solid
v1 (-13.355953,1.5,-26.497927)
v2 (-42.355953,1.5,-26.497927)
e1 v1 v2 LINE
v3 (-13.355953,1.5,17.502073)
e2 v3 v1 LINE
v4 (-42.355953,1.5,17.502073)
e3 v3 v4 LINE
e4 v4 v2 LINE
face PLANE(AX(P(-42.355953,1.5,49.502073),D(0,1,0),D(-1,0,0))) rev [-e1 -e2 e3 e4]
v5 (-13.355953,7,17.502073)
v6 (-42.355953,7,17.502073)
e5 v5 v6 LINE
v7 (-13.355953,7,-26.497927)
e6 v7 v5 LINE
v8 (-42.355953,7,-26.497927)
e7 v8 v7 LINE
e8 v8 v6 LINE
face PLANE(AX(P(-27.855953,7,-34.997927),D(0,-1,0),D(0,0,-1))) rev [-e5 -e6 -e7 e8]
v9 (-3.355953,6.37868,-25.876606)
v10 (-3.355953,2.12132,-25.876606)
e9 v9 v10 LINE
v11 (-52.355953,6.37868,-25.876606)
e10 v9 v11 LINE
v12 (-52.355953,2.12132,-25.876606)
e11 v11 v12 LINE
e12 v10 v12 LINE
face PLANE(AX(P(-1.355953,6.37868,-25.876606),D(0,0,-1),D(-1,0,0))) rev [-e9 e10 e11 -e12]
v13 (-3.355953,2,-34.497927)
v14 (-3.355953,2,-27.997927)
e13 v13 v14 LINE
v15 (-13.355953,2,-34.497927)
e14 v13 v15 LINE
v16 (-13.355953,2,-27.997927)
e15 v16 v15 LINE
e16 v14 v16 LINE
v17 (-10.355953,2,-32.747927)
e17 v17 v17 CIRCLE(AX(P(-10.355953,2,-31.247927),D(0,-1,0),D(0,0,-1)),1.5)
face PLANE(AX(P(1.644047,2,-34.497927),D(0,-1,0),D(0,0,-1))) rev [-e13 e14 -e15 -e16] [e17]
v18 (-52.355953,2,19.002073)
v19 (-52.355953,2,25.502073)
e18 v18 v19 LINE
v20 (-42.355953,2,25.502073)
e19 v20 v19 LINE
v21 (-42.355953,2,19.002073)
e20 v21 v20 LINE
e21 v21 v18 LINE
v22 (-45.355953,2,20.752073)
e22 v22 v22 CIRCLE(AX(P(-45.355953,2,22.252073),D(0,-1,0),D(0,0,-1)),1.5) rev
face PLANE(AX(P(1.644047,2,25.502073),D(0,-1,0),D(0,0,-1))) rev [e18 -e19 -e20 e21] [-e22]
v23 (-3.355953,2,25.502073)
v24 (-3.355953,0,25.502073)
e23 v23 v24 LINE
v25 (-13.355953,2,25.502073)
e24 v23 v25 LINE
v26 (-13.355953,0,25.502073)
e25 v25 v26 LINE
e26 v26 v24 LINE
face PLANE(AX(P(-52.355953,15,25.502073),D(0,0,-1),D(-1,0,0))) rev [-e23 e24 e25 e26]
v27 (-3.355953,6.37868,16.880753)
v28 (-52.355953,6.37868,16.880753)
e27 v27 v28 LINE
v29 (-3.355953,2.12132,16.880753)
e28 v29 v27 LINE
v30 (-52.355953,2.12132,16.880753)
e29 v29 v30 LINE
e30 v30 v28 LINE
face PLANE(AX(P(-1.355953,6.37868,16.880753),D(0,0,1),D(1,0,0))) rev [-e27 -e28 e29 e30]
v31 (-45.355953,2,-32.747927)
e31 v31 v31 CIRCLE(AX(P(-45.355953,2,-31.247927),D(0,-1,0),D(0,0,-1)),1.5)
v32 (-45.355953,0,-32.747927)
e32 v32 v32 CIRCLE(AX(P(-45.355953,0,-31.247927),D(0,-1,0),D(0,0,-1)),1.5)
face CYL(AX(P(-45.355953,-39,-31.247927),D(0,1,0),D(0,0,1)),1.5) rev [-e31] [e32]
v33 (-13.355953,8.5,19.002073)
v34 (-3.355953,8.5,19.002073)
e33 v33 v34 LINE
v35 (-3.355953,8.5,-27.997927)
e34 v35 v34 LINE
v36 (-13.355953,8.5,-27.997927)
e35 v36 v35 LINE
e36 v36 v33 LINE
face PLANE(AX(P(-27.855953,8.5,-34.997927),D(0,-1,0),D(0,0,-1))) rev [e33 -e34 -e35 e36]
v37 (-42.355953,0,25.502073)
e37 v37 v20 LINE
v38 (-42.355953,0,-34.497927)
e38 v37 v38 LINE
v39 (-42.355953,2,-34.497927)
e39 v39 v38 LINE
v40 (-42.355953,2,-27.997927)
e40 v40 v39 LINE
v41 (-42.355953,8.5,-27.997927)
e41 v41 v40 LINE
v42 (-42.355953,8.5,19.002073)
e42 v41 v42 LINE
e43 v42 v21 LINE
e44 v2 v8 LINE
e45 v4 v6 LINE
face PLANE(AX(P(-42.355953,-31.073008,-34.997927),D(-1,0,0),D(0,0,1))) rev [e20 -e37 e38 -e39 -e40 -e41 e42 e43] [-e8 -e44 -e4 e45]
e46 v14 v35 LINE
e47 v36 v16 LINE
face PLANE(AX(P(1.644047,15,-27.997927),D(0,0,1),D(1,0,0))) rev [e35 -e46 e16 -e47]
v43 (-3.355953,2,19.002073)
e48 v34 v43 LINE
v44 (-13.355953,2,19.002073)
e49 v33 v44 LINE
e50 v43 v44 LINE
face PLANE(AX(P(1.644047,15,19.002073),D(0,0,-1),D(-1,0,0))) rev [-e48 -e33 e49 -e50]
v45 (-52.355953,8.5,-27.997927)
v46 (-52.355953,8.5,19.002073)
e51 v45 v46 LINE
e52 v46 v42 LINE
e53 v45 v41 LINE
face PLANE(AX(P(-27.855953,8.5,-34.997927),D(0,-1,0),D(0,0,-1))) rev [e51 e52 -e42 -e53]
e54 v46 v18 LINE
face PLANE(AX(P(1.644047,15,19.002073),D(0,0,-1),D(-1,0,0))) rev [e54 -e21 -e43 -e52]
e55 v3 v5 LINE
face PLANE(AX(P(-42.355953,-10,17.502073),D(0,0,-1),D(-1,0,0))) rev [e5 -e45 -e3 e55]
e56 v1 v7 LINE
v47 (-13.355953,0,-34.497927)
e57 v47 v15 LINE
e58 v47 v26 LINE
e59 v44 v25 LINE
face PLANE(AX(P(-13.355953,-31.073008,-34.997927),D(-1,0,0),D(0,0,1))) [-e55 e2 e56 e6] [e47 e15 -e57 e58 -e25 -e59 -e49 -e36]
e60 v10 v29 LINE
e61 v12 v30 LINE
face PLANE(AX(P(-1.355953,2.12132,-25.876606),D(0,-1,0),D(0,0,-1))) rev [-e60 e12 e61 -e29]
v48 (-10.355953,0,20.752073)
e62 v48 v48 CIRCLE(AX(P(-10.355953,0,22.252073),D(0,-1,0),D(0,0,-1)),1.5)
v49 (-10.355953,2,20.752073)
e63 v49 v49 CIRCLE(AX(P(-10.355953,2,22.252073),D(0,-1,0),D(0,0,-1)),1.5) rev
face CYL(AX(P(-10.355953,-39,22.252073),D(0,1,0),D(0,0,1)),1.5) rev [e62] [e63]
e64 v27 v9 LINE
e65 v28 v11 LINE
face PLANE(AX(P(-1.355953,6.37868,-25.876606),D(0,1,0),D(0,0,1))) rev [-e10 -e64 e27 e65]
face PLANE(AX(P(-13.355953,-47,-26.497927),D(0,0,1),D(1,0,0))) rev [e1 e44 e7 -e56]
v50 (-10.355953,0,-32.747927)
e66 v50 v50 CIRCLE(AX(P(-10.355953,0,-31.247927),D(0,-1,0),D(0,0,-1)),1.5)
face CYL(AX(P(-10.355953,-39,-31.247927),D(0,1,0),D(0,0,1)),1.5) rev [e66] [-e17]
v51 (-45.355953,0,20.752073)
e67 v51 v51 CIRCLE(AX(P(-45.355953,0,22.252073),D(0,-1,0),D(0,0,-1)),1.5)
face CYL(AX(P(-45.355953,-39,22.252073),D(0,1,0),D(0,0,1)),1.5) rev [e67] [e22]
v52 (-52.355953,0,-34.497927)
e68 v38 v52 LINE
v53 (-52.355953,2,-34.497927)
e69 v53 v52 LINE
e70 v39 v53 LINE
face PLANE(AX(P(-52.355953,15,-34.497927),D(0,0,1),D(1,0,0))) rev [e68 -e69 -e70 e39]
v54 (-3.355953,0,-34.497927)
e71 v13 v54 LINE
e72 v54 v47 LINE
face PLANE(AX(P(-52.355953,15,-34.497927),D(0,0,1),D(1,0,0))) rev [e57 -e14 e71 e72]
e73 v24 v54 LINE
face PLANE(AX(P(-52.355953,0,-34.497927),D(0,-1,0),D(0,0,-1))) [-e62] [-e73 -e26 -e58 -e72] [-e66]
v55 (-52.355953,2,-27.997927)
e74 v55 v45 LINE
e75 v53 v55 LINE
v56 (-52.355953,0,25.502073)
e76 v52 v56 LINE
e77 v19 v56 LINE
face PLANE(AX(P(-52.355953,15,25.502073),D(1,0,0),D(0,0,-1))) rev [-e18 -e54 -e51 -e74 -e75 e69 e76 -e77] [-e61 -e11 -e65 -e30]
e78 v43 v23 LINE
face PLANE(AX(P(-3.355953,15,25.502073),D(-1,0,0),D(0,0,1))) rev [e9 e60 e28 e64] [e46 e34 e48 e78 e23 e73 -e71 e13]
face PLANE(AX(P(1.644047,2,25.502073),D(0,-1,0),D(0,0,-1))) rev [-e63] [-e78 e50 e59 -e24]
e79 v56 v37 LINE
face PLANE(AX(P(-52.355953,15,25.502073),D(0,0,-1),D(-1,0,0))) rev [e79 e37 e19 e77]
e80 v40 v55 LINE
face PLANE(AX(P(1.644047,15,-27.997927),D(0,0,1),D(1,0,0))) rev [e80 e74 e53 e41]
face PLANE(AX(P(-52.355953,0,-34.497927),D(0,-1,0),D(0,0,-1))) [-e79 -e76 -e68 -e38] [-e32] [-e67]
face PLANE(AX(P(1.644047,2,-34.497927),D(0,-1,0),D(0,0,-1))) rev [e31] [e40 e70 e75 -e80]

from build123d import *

# Parameters (mm, degrees)
SKETCH1_W               = 49
SKETCH1_H               = 60
BOSS_EXTRUDE1_DEPTH     = 15
SKETCH5_W               = 6.5
SKETCH5_H               = 13
CUT_EXTRUDE2_DEPTH      = 54
SKETCH2_R               = 1.5
CUT_EXTRUDE3_DEPTH      = 54
SKETCH7_W               = 6.5
SKETCH7_H               = 13
CUT_EXTRUDE4_DEPTH      = 54
SKETCH8_W               = 29
SKETCH8_H               = 1.5
CUT_EXTRUDE5_DEPTH      = 54
SKETCH9_W               = 29
SKETCH9_H               = 1.5
CUT_EXTRUDE6_DEPTH      = 54
CUT_EXTRUDE7_DEPTH      = 17
CUT_EXTRUDE7_DEPTH_BACK = 76
SKETCH14_W              = 29
SKETCH14_H              = 1.5
SKETCH16_W              = 29
SKETCH16_H              = 1.5
CUT_EXTRUDE8_DEPTH      = 17
SKETCH17_W              = 29
SKETCH17_H              = 0.5
CUT_EXTRUDE9_DEPTH      = 7
SKETCH18_W              = 29
SKETCH18_H              = 0.5
CUT_EXTRUDE10_DEPTH     = 7
SKETCH19_W              = 42.757359313
SKETCH19_H              = 4.257359312
CUT_EXTRUDE12_DEPTH     = 51


with BuildPart() as part:
    # Sketch1 → Boss-Extrude1 (new body)
    with BuildSketch(Plane(origin=(0, 0, 0), x_dir=(1, 0, 0), z_dir=(0, 1, 0))):
        with Locations((-27.855953383, 4.497926564)):
            Rectangle(SKETCH1_W, SKETCH1_H)
    extrude(amount=BOSS_EXTRUDE1_DEPTH)

    # Sketch5 → Cut-Extrude2 (cut)
    with BuildSketch(Plane.ZY.offset(52.355953383)):
        with Locations((-31.247926564, 8.5)):
            Rectangle(SKETCH5_W, SKETCH5_H)
    extrude(amount=-CUT_EXTRUDE2_DEPTH, mode=Mode.SUBTRACT)

    # Sketch2 → Cut-Extrude3 (cut)
    with BuildSketch(Plane(origin=(0, 15, 0), x_dir=(-1, 0, 0), z_dir=(0, 1, 0))):
        with Locations(Location((45.355953383, -31.247926564, 0), (0, 0, 270))):
            Circle(SKETCH2_R)
        with Locations(Location((10.355953383, -31.247926564, 0), (0, 0, 270))):
            Circle(SKETCH2_R)
        with Locations(Location((10.355953383, 22.252073436, 0), (0, 0, 90))):
            Circle(SKETCH2_R)
        with Locations(Location((45.355953383, 22.252073436, 0), (0, 0, 90))):
            Circle(SKETCH2_R)
    extrude(amount=-CUT_EXTRUDE3_DEPTH, mode=Mode.SUBTRACT)

    # Sketch7 → Cut-Extrude4 (cut)
    with BuildSketch(Plane.ZY.offset(52.355953383)):
        with Locations((22.252073436, 8.5)):
            Rectangle(SKETCH7_W, SKETCH7_H)
    extrude(amount=-CUT_EXTRUDE4_DEPTH, mode=Mode.SUBTRACT)

    # Sketch8 → Cut-Extrude5 (cut)
    with BuildSketch(Plane.XY.offset(19.002073436)):
        Polygon((-52.355953383, 8.5), (-42.355953383, 8.5), (-13.355953383, 8.5), (-3.355953383, 8.5), (-3.355953383, 15), (-52.355953383, 15), align=None)
        with Locations((-27.855953383, 7.75)):
            Rectangle(SKETCH8_W, SKETCH8_H)
    extrude(amount=-CUT_EXTRUDE5_DEPTH, mode=Mode.SUBTRACT)

    # Sketch9 → Cut-Extrude6 (cut)
    with BuildSketch(Plane(origin=(0, 7, 0), x_dir=(-1, 0, 0), z_dir=(0, 1, 0))):
        with Locations((27.855953383, -27.247926564)):
            Rectangle(SKETCH9_W, SKETCH9_H)
    extrude(amount=-CUT_EXTRUDE6_DEPTH, mode=Mode.SUBTRACT)

    # Sketch14 → Cut-Extrude7 (cut, two sides: drawn at the far end of the back side and taken through both)
    with BuildSketch(Plane(origin=(0, 0, -26.497926564), x_dir=(-1, 0, 0), z_dir=(0, 0, -1)).offset(-CUT_EXTRUDE7_DEPTH_BACK)):
        with Locations((27.855953383, 0.75)):
            Rectangle(SKETCH14_W, SKETCH14_H)
    extrude(amount=CUT_EXTRUDE7_DEPTH + CUT_EXTRUDE7_DEPTH_BACK, mode=Mode.SUBTRACT)

    # Sketch16 → Cut-Extrude8 (cut)
    with BuildSketch(Plane(origin=(0, 7, 0), x_dir=(-1, 0, 0), z_dir=(0, 1, 0))):
        with Locations((27.855953383, 18.252073436)):
            Rectangle(SKETCH16_W, SKETCH16_H)
    extrude(amount=-CUT_EXTRUDE8_DEPTH, mode=Mode.SUBTRACT)

    # Sketch17 → Cut-Extrude9 (cut)
    with BuildSketch(Plane.XY.offset(25.502073436)):
        with Locations((-27.855953383, 1.75)):
            Rectangle(SKETCH17_W, SKETCH17_H)
    extrude(amount=-CUT_EXTRUDE9_DEPTH, mode=Mode.SUBTRACT)

    # Sketch18 → Cut-Extrude10 (cut)
    with BuildSketch(Plane(origin=(0, 0, -34.497926564), x_dir=(-1, 0, 0), z_dir=(0, 0, -1))):
        with Locations((27.855953383, 1.75)):
            Rectangle(SKETCH18_W, SKETCH18_H)
    extrude(amount=-CUT_EXTRUDE10_DEPTH, mode=Mode.SUBTRACT)

    # Sketch19 → Cut-Extrude12 (cut)
    with BuildSketch(Plane.ZY.offset(52.355953383)):
        with Locations((-4.497926565, 4.25)):
            Rectangle(SKETCH19_W, SKETCH19_H)
    extrude(amount=-CUT_EXTRUDE12_DEPTH, mode=Mode.SUBTRACT)


solid = part.part
